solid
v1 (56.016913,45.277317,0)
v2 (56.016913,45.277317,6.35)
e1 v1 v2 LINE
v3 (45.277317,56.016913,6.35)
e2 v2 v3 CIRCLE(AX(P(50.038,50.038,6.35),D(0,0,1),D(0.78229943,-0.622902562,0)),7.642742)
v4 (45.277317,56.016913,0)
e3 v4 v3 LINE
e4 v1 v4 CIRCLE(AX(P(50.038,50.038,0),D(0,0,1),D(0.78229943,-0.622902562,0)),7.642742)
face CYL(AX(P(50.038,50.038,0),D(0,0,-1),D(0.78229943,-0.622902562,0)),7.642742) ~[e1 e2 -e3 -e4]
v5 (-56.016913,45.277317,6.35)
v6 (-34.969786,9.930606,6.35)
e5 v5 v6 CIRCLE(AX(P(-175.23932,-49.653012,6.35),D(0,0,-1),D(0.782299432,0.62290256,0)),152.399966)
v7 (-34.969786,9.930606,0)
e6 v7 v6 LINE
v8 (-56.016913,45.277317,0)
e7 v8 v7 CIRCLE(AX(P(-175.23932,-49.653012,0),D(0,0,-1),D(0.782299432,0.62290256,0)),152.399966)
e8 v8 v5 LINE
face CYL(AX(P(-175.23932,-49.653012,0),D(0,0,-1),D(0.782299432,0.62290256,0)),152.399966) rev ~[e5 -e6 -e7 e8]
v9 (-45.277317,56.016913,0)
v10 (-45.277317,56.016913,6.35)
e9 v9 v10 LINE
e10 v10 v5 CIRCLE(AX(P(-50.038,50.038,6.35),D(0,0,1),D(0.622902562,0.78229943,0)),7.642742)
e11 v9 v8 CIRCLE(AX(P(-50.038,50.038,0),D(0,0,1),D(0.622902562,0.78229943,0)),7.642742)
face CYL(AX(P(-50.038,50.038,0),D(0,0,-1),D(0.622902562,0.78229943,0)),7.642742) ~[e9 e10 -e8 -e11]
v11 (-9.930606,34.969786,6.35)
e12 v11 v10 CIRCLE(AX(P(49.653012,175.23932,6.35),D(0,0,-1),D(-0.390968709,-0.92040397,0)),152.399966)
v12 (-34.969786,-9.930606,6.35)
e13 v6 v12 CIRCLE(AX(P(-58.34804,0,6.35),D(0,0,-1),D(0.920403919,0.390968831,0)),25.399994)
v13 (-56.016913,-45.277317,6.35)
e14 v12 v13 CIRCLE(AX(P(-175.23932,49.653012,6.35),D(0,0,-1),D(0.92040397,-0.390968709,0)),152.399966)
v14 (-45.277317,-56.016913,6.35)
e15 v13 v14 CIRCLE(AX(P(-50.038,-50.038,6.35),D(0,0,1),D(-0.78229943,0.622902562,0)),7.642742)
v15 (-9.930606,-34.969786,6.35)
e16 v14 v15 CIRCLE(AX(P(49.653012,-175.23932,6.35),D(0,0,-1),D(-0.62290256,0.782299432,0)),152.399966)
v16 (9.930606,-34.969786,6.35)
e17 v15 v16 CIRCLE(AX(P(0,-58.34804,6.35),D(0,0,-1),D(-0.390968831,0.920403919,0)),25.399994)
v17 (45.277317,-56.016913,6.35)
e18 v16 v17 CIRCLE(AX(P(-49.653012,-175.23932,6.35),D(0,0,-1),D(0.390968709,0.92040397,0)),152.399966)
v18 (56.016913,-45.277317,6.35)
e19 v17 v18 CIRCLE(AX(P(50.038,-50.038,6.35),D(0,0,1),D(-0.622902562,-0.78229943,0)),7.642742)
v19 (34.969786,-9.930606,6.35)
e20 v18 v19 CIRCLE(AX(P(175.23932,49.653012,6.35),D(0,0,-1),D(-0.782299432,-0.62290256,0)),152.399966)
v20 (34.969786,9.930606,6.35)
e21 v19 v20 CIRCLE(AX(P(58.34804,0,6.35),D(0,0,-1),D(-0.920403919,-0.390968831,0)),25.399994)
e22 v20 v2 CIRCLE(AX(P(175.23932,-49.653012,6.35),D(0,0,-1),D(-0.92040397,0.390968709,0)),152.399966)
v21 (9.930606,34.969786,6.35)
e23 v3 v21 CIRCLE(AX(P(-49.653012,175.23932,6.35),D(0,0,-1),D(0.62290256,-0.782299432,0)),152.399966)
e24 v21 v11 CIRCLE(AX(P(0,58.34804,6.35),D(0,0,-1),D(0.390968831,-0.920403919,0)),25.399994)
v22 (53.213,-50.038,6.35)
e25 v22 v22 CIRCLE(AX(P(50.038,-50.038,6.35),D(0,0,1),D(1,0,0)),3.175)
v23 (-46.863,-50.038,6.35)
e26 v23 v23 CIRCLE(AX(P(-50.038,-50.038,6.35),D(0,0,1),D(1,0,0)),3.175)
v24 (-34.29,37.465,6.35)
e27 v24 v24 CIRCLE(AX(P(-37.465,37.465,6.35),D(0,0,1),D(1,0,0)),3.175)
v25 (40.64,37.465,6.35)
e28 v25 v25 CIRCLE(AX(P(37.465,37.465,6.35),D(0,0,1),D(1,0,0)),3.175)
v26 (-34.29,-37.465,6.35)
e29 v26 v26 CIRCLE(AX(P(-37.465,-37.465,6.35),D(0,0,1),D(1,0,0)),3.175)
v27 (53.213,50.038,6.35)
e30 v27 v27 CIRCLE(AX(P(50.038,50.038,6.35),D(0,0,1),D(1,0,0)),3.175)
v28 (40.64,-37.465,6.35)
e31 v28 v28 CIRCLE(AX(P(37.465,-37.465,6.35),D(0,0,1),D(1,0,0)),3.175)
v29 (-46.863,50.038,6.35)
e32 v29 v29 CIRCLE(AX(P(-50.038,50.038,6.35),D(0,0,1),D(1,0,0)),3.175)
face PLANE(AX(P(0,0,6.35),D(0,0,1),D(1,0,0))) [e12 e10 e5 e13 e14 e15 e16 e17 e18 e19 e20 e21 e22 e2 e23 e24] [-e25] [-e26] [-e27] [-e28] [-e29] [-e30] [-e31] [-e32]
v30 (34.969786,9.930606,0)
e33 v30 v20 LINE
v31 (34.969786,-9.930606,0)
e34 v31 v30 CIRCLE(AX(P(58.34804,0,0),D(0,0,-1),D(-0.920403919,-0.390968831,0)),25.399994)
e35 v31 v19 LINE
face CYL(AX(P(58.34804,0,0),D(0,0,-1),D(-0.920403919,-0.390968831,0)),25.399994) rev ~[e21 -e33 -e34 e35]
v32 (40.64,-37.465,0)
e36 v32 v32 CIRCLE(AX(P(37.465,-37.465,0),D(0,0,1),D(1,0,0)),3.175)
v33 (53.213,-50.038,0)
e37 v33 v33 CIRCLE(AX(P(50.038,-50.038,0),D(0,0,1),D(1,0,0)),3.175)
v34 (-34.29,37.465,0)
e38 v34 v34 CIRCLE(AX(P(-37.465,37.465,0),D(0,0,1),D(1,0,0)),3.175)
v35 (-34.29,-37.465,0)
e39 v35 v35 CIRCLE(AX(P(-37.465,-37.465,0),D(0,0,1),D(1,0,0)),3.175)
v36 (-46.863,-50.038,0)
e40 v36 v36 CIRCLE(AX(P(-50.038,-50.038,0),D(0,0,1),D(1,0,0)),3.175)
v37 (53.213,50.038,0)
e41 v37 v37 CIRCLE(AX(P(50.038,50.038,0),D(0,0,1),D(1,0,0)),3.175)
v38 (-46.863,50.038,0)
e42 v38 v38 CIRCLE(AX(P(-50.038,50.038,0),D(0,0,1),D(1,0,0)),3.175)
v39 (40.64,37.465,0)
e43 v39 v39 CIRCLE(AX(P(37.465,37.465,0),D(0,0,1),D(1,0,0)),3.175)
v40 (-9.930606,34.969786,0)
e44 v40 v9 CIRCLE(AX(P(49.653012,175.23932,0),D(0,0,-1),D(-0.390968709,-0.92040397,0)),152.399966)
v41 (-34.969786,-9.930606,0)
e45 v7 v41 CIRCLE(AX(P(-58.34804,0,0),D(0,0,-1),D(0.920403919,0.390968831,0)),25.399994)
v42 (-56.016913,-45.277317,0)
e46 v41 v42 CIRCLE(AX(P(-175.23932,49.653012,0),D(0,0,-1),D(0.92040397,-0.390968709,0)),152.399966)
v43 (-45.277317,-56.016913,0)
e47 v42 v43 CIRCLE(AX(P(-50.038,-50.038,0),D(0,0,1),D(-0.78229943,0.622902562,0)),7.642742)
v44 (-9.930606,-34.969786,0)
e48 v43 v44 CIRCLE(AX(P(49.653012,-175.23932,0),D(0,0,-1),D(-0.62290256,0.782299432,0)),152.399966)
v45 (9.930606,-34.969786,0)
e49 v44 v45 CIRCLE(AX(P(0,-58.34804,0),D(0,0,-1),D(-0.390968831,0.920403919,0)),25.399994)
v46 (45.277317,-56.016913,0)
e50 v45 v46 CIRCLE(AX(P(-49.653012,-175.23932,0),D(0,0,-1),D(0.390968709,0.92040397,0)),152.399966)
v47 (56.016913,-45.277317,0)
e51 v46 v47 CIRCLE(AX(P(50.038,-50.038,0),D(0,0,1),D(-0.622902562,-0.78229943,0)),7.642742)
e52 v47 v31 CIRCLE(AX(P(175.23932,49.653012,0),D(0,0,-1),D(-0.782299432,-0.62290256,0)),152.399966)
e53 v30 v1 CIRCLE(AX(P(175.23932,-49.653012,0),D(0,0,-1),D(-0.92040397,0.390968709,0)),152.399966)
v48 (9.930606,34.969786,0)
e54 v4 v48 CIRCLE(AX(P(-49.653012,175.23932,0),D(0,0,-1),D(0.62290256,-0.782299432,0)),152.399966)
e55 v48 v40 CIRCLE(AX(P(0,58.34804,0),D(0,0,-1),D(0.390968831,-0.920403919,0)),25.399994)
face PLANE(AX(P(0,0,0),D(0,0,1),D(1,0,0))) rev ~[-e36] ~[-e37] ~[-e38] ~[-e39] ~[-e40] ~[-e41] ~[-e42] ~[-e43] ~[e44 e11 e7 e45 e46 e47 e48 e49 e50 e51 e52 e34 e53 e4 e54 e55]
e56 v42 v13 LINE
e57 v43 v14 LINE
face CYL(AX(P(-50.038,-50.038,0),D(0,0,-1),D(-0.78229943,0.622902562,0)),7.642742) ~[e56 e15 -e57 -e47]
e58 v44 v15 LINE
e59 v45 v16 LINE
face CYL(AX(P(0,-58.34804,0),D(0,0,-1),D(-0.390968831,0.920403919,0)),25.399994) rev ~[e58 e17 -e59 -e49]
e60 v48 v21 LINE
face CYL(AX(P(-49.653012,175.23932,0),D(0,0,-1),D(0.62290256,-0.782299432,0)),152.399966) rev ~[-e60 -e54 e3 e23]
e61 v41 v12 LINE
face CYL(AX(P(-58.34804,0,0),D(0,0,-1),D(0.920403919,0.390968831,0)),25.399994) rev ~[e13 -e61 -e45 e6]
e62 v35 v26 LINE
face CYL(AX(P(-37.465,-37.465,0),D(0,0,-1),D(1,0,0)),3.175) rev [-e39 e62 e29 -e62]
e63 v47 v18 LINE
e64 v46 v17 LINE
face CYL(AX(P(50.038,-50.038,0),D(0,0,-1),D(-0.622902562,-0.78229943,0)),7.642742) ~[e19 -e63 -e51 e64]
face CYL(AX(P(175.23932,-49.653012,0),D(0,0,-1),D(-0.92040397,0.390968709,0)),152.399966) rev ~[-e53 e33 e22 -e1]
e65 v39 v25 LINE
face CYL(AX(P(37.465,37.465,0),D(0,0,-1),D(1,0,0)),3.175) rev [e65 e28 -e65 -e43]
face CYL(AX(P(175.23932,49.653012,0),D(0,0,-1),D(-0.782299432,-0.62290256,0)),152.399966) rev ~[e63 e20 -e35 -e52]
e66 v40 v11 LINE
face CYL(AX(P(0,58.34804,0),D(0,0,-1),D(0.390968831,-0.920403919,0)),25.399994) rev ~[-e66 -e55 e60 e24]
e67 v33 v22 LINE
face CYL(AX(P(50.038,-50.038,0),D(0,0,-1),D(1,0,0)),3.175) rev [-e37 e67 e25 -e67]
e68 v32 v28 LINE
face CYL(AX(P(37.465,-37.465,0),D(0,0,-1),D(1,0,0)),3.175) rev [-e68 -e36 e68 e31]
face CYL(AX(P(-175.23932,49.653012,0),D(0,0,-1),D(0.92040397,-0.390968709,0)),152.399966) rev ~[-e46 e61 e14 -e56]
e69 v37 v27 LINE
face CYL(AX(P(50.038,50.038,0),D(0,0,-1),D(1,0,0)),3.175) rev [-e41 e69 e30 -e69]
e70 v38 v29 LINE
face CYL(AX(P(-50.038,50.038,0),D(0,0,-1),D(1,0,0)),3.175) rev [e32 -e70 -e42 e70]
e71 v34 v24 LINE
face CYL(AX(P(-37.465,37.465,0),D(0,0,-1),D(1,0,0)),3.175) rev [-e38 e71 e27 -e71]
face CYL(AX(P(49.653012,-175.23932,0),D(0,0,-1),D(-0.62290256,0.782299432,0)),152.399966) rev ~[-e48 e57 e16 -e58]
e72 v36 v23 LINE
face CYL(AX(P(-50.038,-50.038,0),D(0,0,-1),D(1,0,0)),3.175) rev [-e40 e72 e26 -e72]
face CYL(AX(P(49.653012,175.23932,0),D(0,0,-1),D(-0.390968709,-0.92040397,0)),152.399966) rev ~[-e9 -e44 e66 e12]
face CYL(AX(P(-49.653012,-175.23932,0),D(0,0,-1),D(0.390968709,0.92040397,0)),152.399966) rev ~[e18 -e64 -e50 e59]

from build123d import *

# Parameters (mm, degrees)
F0_R     = 3.175
F1_DEPTH = 6.35


with BuildPart() as f1:
    # F0 (on Top) → F1 (new body)
    with BuildSketch(Plane.XY):
        with BuildLine():
            ThreePointArc((-9.930606, 34.969786), (-28.317401, 44.295193), (-45.277317, 56.016913))
            ThreePointArc((-45.277317, 56.016913), (-55.442235, 55.442235), (-56.016913, 45.277317))
            ThreePointArc((-56.016913, 45.277317), (-44.295193, 28.317401), (-34.969786, 9.930606))
            ThreePointArc((-34.969786, 9.930606), (-32.948046, 0), (-34.969786, -9.930606))
            ThreePointArc((-34.969786, -9.930606), (-44.295193, -28.317401), (-56.016913, -45.277317))
            ThreePointArc((-56.016913, -45.277317), (-55.442235, -55.442235), (-45.277317, -56.016913))
            ThreePointArc((-45.277317, -56.016913), (-28.317401, -44.295193), (-9.930606, -34.969786))
            ThreePointArc((-9.930606, -34.969786), (0, -32.948046), (9.930606, -34.969786))
            ThreePointArc((9.930606, -34.969786), (28.317401, -44.295193), (45.277317, -56.016913))
            ThreePointArc((45.277317, -56.016913), (55.442235, -55.442235), (56.016913, -45.277317))
            ThreePointArc((56.016913, -45.277317), (44.295193, -28.317401), (34.969786, -9.930606))
            ThreePointArc((34.969786, -9.930606), (32.948046, 0), (34.969786, 9.930606))
            ThreePointArc((34.969786, 9.930606), (44.295193, 28.317401), (56.016913, 45.277317))
            ThreePointArc((56.016913, 45.277317), (55.442235, 55.442235), (45.277317, 56.016913))
            ThreePointArc((45.277317, 56.016913), (28.317401, 44.295193), (9.930606, 34.969786))
            ThreePointArc((9.930606, 34.969786), (0, 32.948046), (-9.930606, 34.969786))
        make_face()
        with Locations((-50.038, -50.038)):
            Circle(F0_R, mode=Mode.SUBTRACT)
        with Locations((-37.465, -37.465)):
            Circle(F0_R, mode=Mode.SUBTRACT)
        with Locations((50.038, -50.038)):
            Circle(F0_R, mode=Mode.SUBTRACT)
        with Locations((37.465, -37.465)):
            Circle(F0_R, mode=Mode.SUBTRACT)
        with Locations((-37.465, 37.465)):
            Circle(F0_R, mode=Mode.SUBTRACT)
        with Locations((-50.038, 50.038)):
            Circle(F0_R, mode=Mode.SUBTRACT)
        with Locations((37.465, 37.465)):
            Circle(F0_R, mode=Mode.SUBTRACT)
        with Locations((50.038, 50.038)):
            Circle(F0_R, mode=Mode.SUBTRACT)
    extrude(amount=F1_DEPTH)


solid = f1.part
